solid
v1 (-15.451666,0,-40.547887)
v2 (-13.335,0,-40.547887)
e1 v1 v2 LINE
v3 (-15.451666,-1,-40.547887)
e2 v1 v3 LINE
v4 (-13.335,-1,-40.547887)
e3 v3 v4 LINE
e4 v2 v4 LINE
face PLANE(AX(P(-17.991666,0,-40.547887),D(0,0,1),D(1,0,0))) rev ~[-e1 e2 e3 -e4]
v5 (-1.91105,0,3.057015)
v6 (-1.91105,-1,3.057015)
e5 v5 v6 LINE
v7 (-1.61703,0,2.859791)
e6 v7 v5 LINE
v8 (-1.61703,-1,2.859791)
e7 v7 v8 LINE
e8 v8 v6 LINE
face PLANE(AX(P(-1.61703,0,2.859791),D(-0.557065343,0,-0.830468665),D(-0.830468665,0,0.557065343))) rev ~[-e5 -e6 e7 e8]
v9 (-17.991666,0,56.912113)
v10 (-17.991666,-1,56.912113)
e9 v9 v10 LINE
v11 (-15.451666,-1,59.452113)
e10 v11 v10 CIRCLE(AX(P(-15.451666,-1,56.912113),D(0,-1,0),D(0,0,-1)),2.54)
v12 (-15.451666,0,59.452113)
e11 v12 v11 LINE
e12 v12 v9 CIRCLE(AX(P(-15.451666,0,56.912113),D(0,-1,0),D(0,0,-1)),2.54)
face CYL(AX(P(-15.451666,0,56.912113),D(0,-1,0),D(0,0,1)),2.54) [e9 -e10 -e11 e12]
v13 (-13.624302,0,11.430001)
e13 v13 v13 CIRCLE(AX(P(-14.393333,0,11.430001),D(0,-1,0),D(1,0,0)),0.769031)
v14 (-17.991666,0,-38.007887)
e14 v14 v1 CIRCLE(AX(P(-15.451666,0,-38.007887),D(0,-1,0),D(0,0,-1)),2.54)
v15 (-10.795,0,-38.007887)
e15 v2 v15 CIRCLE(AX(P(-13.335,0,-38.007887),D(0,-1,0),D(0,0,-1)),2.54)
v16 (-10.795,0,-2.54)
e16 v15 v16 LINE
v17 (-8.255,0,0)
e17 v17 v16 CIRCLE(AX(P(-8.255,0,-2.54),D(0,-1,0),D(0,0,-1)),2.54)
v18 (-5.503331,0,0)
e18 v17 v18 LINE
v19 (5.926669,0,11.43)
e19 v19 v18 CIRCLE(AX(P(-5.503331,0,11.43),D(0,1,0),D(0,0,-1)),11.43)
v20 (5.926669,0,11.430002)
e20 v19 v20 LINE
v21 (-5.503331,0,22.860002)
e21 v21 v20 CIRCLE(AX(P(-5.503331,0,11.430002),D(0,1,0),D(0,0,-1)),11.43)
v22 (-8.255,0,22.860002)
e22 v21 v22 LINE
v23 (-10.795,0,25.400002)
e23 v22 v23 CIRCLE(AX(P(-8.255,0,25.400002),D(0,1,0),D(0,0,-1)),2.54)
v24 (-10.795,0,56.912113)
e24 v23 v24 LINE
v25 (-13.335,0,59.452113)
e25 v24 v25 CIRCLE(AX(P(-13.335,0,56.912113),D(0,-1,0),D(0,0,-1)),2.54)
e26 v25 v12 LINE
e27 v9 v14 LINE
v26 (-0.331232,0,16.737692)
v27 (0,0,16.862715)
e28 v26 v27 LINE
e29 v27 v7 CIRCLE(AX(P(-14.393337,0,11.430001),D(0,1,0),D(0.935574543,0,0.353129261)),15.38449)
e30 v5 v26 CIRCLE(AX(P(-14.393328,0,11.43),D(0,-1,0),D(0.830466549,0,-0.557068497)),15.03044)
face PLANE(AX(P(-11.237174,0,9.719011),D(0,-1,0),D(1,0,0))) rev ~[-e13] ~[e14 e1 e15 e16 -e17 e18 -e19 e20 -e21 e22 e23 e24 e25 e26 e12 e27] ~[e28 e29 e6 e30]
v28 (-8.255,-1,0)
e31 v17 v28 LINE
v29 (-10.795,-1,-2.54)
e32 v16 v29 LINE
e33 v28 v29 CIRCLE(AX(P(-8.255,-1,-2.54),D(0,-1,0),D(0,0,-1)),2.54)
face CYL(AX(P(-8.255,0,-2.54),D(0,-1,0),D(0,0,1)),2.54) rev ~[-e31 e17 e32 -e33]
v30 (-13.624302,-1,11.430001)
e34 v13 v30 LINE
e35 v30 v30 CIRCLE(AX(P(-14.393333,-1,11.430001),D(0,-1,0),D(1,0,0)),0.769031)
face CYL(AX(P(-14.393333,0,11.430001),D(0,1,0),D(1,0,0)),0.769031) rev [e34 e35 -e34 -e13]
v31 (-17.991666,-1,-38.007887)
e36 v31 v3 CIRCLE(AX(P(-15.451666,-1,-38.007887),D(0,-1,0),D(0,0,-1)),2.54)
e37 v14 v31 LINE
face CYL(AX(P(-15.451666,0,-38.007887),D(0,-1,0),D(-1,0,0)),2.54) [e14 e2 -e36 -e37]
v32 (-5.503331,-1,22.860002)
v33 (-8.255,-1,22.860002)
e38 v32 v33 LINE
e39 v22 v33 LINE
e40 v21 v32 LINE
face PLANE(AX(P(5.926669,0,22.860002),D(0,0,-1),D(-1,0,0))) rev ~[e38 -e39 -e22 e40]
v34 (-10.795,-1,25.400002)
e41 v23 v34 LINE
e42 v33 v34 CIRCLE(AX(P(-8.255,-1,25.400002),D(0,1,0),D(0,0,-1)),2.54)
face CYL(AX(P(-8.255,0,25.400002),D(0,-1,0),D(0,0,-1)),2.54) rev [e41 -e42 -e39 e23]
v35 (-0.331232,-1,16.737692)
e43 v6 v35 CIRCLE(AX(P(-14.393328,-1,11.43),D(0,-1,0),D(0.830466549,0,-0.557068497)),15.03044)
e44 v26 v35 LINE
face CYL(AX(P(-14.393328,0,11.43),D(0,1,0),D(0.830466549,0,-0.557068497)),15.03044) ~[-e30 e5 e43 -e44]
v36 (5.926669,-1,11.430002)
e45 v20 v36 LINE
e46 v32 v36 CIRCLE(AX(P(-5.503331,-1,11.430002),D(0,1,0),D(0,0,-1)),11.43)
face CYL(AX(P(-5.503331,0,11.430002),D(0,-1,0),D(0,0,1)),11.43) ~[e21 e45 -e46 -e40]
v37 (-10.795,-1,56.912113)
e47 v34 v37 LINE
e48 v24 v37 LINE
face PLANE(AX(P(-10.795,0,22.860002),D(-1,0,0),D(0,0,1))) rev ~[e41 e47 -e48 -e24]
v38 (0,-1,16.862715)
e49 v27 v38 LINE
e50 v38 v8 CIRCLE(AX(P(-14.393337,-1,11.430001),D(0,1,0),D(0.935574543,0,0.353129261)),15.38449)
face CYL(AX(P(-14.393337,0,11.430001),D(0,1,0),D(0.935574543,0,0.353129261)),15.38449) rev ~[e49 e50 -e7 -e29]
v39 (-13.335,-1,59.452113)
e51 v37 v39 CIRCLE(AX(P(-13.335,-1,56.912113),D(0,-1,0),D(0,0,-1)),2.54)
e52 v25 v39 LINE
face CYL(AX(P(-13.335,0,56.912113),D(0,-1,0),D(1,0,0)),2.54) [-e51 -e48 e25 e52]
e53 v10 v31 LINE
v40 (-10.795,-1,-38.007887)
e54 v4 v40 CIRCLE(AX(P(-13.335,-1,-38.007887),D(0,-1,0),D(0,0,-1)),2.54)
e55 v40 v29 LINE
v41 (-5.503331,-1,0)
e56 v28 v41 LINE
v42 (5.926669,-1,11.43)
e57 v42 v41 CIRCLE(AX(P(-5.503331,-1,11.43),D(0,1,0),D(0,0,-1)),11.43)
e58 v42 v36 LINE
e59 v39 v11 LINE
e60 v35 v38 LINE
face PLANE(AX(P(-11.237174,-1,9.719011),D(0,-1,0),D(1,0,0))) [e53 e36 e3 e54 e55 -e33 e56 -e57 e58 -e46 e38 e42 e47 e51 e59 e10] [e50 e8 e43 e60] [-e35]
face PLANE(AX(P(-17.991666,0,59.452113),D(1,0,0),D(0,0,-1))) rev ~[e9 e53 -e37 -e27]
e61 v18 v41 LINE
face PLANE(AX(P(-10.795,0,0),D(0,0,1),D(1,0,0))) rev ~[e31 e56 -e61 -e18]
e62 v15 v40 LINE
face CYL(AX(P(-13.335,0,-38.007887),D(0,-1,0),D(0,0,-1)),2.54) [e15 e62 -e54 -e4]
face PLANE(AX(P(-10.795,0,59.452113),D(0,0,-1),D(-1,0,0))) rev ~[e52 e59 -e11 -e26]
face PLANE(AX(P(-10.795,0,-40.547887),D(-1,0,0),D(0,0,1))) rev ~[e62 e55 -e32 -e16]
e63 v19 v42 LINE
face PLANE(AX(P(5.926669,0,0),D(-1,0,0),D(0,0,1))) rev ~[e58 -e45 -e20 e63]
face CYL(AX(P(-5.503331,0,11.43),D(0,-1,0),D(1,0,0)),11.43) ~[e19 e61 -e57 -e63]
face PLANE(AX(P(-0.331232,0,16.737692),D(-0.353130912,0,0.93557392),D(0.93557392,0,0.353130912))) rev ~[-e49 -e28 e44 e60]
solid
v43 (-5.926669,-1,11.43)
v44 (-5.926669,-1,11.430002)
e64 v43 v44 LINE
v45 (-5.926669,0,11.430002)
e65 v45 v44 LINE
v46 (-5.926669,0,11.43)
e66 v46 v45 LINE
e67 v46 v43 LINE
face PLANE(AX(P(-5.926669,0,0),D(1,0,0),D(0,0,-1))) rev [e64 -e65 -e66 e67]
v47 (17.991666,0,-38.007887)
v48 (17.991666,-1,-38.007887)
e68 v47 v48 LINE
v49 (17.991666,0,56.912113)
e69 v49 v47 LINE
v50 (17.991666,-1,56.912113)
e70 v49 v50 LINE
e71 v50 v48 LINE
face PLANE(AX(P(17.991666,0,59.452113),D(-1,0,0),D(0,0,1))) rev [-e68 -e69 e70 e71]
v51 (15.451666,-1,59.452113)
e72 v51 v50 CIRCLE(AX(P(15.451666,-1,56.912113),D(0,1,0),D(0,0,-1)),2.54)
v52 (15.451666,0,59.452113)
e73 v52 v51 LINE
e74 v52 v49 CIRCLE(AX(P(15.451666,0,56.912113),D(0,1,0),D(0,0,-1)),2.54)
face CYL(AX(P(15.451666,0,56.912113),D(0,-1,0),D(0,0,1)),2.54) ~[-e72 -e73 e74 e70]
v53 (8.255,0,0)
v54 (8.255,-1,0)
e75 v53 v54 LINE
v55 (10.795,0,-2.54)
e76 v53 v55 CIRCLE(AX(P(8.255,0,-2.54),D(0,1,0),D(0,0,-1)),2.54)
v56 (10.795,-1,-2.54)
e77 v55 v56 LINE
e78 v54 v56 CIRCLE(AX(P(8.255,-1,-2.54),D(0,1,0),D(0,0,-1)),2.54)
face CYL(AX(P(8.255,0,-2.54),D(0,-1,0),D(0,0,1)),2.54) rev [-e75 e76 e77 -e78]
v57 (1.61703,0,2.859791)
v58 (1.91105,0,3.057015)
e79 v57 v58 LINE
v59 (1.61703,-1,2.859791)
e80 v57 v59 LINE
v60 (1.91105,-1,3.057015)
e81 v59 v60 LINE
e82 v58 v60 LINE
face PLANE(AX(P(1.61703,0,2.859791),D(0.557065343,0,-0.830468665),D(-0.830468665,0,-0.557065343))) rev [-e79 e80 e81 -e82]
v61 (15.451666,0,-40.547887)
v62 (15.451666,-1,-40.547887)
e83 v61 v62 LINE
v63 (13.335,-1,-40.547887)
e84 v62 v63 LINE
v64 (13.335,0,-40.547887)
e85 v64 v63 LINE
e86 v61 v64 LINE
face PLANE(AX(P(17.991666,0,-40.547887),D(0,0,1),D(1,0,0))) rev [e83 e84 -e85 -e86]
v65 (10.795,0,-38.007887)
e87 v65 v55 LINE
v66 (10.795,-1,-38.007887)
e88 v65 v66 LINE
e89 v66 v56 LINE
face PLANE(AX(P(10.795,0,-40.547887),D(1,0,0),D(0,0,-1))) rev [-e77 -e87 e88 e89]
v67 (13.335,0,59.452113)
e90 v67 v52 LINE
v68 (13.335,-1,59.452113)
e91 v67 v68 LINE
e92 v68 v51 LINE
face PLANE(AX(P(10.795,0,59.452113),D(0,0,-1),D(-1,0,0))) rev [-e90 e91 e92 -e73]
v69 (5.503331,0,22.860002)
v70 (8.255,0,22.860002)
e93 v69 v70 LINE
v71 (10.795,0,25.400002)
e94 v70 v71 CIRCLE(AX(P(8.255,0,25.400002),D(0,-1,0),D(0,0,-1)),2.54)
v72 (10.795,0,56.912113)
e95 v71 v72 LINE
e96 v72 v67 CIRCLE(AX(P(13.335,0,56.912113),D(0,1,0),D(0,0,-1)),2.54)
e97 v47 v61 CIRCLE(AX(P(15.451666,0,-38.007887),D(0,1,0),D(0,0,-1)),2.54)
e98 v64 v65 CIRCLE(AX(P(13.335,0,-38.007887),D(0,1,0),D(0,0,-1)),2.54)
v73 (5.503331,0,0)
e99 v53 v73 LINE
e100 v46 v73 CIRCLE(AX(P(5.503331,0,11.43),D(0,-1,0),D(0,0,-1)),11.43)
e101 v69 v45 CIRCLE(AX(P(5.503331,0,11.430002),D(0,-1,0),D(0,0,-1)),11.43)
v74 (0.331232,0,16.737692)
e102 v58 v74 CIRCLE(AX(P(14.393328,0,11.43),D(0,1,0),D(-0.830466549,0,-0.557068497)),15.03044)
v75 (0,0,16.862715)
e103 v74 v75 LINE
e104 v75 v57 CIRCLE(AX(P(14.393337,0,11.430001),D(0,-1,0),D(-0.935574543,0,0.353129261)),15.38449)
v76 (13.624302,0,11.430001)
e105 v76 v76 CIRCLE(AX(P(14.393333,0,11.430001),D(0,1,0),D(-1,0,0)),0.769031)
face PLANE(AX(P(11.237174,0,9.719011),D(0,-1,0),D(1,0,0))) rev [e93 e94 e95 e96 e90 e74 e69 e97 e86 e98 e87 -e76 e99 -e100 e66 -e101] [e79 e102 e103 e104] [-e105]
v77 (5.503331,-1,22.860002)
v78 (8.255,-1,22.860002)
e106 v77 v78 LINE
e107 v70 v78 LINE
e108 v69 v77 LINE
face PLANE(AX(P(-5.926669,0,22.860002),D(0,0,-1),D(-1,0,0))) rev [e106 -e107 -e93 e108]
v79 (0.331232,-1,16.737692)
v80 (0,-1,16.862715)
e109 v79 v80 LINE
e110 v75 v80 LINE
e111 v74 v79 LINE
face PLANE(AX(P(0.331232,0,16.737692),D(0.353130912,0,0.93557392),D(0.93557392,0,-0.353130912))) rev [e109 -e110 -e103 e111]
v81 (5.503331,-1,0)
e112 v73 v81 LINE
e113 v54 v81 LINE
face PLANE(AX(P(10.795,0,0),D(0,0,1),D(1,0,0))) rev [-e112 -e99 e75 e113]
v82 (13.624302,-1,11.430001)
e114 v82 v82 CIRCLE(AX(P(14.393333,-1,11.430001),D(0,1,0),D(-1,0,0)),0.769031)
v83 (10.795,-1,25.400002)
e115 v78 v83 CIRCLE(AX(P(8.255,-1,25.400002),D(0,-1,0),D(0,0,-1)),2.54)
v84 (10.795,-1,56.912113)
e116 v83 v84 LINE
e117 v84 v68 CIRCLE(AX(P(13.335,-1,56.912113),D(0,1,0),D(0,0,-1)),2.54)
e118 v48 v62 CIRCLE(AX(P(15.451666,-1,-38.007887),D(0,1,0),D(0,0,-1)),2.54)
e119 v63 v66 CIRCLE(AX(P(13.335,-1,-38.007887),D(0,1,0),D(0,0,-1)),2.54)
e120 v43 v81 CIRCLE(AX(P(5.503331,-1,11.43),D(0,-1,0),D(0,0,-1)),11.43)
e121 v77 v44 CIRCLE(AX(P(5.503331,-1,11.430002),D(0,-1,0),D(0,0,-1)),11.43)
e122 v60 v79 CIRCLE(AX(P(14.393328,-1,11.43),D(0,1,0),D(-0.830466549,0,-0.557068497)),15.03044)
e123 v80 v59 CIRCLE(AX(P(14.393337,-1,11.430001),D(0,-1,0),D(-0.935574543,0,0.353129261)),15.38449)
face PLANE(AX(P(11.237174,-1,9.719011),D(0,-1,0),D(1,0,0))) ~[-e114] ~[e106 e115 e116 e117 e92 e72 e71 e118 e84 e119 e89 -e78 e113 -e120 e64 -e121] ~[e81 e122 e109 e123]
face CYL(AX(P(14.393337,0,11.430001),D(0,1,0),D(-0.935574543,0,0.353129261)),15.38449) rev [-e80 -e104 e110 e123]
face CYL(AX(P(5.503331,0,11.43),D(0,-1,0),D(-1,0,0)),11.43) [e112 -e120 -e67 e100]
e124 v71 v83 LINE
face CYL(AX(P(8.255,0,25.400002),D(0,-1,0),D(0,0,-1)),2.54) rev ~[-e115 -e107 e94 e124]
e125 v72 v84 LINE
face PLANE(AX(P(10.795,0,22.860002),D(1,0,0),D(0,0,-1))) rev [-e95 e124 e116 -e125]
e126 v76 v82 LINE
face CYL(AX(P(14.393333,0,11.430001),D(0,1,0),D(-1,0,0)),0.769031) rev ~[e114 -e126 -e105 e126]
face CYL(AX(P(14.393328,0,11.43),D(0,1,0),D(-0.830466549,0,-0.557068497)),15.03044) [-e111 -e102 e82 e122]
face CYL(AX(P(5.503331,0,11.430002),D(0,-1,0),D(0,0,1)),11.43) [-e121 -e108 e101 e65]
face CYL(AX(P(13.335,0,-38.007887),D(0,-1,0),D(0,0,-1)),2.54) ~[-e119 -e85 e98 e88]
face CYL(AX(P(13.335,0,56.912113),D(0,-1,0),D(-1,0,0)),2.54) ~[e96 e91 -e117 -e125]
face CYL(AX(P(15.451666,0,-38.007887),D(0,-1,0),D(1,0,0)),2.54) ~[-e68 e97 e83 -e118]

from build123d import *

# Parameters (mm, degrees)
F0_R     = 0.769031
F1_DEPTH = 1
F2_R     = 11.43
F3_R     = 2.54


with BuildPart() as f1:
    # F0 (on Front) → F1 (new body)
    with BuildSketch(Plane.XZ):
        Polygon((-10.795, 59.452113), (-17.991666, 59.452113), (-17.991666, -40.547887), (-10.795, -40.547887), (-10.795, 0), (5.926669, 0), (5.926669, 22.860002), (-10.795, 22.860002), align=None)
        with Locations((-14.393333, 11.430001)):
            Circle(F0_R, mode=Mode.SUBTRACT)
        with BuildLine():
            Line((-0.331232, 16.737692), (0, 16.862715))
            ThreePointArc((0, 16.862715), (0.88959, 9.665159), (-1.61703, 2.859791))
            Line((-1.61703, 2.859791), (-1.91105, 3.057015))
            ThreePointArc((-1.91105, 3.057015), (0.537887, 9.705773), (-0.331232, 16.737692))
        make_face(mode=Mode.SUBTRACT)
    extrude(amount=F1_DEPTH)

    # F2
    f2_edges = [f1.edges().sort_by_distance(p)[0] for p in [
        (5.926669, -0.5, 0),
        (5.926669, -0.5, 22.860002),
    ]]
    fillet(f2_edges, radius=F2_R)

    # F3
    f3_edges = [f1.edges().sort_by_distance(p)[0] for p in [
        (-10.795, -0.5, -40.547887),
        (-17.991666, -0.5, -40.547887),
        (-10.795, -0.5, 0),
        (-10.795, -0.5, 22.860002),
        (-10.795, -0.5, 59.452113),
        (-17.991666, -0.5, 59.452113),
    ]]
    fillet(f3_edges, radius=F3_R)


with BuildPart() as f4_1:
    # F4: instance of F1
    add(f1.part.mirror(Plane.YZ))


solid = Compound([f1.part, f4_1.part])
